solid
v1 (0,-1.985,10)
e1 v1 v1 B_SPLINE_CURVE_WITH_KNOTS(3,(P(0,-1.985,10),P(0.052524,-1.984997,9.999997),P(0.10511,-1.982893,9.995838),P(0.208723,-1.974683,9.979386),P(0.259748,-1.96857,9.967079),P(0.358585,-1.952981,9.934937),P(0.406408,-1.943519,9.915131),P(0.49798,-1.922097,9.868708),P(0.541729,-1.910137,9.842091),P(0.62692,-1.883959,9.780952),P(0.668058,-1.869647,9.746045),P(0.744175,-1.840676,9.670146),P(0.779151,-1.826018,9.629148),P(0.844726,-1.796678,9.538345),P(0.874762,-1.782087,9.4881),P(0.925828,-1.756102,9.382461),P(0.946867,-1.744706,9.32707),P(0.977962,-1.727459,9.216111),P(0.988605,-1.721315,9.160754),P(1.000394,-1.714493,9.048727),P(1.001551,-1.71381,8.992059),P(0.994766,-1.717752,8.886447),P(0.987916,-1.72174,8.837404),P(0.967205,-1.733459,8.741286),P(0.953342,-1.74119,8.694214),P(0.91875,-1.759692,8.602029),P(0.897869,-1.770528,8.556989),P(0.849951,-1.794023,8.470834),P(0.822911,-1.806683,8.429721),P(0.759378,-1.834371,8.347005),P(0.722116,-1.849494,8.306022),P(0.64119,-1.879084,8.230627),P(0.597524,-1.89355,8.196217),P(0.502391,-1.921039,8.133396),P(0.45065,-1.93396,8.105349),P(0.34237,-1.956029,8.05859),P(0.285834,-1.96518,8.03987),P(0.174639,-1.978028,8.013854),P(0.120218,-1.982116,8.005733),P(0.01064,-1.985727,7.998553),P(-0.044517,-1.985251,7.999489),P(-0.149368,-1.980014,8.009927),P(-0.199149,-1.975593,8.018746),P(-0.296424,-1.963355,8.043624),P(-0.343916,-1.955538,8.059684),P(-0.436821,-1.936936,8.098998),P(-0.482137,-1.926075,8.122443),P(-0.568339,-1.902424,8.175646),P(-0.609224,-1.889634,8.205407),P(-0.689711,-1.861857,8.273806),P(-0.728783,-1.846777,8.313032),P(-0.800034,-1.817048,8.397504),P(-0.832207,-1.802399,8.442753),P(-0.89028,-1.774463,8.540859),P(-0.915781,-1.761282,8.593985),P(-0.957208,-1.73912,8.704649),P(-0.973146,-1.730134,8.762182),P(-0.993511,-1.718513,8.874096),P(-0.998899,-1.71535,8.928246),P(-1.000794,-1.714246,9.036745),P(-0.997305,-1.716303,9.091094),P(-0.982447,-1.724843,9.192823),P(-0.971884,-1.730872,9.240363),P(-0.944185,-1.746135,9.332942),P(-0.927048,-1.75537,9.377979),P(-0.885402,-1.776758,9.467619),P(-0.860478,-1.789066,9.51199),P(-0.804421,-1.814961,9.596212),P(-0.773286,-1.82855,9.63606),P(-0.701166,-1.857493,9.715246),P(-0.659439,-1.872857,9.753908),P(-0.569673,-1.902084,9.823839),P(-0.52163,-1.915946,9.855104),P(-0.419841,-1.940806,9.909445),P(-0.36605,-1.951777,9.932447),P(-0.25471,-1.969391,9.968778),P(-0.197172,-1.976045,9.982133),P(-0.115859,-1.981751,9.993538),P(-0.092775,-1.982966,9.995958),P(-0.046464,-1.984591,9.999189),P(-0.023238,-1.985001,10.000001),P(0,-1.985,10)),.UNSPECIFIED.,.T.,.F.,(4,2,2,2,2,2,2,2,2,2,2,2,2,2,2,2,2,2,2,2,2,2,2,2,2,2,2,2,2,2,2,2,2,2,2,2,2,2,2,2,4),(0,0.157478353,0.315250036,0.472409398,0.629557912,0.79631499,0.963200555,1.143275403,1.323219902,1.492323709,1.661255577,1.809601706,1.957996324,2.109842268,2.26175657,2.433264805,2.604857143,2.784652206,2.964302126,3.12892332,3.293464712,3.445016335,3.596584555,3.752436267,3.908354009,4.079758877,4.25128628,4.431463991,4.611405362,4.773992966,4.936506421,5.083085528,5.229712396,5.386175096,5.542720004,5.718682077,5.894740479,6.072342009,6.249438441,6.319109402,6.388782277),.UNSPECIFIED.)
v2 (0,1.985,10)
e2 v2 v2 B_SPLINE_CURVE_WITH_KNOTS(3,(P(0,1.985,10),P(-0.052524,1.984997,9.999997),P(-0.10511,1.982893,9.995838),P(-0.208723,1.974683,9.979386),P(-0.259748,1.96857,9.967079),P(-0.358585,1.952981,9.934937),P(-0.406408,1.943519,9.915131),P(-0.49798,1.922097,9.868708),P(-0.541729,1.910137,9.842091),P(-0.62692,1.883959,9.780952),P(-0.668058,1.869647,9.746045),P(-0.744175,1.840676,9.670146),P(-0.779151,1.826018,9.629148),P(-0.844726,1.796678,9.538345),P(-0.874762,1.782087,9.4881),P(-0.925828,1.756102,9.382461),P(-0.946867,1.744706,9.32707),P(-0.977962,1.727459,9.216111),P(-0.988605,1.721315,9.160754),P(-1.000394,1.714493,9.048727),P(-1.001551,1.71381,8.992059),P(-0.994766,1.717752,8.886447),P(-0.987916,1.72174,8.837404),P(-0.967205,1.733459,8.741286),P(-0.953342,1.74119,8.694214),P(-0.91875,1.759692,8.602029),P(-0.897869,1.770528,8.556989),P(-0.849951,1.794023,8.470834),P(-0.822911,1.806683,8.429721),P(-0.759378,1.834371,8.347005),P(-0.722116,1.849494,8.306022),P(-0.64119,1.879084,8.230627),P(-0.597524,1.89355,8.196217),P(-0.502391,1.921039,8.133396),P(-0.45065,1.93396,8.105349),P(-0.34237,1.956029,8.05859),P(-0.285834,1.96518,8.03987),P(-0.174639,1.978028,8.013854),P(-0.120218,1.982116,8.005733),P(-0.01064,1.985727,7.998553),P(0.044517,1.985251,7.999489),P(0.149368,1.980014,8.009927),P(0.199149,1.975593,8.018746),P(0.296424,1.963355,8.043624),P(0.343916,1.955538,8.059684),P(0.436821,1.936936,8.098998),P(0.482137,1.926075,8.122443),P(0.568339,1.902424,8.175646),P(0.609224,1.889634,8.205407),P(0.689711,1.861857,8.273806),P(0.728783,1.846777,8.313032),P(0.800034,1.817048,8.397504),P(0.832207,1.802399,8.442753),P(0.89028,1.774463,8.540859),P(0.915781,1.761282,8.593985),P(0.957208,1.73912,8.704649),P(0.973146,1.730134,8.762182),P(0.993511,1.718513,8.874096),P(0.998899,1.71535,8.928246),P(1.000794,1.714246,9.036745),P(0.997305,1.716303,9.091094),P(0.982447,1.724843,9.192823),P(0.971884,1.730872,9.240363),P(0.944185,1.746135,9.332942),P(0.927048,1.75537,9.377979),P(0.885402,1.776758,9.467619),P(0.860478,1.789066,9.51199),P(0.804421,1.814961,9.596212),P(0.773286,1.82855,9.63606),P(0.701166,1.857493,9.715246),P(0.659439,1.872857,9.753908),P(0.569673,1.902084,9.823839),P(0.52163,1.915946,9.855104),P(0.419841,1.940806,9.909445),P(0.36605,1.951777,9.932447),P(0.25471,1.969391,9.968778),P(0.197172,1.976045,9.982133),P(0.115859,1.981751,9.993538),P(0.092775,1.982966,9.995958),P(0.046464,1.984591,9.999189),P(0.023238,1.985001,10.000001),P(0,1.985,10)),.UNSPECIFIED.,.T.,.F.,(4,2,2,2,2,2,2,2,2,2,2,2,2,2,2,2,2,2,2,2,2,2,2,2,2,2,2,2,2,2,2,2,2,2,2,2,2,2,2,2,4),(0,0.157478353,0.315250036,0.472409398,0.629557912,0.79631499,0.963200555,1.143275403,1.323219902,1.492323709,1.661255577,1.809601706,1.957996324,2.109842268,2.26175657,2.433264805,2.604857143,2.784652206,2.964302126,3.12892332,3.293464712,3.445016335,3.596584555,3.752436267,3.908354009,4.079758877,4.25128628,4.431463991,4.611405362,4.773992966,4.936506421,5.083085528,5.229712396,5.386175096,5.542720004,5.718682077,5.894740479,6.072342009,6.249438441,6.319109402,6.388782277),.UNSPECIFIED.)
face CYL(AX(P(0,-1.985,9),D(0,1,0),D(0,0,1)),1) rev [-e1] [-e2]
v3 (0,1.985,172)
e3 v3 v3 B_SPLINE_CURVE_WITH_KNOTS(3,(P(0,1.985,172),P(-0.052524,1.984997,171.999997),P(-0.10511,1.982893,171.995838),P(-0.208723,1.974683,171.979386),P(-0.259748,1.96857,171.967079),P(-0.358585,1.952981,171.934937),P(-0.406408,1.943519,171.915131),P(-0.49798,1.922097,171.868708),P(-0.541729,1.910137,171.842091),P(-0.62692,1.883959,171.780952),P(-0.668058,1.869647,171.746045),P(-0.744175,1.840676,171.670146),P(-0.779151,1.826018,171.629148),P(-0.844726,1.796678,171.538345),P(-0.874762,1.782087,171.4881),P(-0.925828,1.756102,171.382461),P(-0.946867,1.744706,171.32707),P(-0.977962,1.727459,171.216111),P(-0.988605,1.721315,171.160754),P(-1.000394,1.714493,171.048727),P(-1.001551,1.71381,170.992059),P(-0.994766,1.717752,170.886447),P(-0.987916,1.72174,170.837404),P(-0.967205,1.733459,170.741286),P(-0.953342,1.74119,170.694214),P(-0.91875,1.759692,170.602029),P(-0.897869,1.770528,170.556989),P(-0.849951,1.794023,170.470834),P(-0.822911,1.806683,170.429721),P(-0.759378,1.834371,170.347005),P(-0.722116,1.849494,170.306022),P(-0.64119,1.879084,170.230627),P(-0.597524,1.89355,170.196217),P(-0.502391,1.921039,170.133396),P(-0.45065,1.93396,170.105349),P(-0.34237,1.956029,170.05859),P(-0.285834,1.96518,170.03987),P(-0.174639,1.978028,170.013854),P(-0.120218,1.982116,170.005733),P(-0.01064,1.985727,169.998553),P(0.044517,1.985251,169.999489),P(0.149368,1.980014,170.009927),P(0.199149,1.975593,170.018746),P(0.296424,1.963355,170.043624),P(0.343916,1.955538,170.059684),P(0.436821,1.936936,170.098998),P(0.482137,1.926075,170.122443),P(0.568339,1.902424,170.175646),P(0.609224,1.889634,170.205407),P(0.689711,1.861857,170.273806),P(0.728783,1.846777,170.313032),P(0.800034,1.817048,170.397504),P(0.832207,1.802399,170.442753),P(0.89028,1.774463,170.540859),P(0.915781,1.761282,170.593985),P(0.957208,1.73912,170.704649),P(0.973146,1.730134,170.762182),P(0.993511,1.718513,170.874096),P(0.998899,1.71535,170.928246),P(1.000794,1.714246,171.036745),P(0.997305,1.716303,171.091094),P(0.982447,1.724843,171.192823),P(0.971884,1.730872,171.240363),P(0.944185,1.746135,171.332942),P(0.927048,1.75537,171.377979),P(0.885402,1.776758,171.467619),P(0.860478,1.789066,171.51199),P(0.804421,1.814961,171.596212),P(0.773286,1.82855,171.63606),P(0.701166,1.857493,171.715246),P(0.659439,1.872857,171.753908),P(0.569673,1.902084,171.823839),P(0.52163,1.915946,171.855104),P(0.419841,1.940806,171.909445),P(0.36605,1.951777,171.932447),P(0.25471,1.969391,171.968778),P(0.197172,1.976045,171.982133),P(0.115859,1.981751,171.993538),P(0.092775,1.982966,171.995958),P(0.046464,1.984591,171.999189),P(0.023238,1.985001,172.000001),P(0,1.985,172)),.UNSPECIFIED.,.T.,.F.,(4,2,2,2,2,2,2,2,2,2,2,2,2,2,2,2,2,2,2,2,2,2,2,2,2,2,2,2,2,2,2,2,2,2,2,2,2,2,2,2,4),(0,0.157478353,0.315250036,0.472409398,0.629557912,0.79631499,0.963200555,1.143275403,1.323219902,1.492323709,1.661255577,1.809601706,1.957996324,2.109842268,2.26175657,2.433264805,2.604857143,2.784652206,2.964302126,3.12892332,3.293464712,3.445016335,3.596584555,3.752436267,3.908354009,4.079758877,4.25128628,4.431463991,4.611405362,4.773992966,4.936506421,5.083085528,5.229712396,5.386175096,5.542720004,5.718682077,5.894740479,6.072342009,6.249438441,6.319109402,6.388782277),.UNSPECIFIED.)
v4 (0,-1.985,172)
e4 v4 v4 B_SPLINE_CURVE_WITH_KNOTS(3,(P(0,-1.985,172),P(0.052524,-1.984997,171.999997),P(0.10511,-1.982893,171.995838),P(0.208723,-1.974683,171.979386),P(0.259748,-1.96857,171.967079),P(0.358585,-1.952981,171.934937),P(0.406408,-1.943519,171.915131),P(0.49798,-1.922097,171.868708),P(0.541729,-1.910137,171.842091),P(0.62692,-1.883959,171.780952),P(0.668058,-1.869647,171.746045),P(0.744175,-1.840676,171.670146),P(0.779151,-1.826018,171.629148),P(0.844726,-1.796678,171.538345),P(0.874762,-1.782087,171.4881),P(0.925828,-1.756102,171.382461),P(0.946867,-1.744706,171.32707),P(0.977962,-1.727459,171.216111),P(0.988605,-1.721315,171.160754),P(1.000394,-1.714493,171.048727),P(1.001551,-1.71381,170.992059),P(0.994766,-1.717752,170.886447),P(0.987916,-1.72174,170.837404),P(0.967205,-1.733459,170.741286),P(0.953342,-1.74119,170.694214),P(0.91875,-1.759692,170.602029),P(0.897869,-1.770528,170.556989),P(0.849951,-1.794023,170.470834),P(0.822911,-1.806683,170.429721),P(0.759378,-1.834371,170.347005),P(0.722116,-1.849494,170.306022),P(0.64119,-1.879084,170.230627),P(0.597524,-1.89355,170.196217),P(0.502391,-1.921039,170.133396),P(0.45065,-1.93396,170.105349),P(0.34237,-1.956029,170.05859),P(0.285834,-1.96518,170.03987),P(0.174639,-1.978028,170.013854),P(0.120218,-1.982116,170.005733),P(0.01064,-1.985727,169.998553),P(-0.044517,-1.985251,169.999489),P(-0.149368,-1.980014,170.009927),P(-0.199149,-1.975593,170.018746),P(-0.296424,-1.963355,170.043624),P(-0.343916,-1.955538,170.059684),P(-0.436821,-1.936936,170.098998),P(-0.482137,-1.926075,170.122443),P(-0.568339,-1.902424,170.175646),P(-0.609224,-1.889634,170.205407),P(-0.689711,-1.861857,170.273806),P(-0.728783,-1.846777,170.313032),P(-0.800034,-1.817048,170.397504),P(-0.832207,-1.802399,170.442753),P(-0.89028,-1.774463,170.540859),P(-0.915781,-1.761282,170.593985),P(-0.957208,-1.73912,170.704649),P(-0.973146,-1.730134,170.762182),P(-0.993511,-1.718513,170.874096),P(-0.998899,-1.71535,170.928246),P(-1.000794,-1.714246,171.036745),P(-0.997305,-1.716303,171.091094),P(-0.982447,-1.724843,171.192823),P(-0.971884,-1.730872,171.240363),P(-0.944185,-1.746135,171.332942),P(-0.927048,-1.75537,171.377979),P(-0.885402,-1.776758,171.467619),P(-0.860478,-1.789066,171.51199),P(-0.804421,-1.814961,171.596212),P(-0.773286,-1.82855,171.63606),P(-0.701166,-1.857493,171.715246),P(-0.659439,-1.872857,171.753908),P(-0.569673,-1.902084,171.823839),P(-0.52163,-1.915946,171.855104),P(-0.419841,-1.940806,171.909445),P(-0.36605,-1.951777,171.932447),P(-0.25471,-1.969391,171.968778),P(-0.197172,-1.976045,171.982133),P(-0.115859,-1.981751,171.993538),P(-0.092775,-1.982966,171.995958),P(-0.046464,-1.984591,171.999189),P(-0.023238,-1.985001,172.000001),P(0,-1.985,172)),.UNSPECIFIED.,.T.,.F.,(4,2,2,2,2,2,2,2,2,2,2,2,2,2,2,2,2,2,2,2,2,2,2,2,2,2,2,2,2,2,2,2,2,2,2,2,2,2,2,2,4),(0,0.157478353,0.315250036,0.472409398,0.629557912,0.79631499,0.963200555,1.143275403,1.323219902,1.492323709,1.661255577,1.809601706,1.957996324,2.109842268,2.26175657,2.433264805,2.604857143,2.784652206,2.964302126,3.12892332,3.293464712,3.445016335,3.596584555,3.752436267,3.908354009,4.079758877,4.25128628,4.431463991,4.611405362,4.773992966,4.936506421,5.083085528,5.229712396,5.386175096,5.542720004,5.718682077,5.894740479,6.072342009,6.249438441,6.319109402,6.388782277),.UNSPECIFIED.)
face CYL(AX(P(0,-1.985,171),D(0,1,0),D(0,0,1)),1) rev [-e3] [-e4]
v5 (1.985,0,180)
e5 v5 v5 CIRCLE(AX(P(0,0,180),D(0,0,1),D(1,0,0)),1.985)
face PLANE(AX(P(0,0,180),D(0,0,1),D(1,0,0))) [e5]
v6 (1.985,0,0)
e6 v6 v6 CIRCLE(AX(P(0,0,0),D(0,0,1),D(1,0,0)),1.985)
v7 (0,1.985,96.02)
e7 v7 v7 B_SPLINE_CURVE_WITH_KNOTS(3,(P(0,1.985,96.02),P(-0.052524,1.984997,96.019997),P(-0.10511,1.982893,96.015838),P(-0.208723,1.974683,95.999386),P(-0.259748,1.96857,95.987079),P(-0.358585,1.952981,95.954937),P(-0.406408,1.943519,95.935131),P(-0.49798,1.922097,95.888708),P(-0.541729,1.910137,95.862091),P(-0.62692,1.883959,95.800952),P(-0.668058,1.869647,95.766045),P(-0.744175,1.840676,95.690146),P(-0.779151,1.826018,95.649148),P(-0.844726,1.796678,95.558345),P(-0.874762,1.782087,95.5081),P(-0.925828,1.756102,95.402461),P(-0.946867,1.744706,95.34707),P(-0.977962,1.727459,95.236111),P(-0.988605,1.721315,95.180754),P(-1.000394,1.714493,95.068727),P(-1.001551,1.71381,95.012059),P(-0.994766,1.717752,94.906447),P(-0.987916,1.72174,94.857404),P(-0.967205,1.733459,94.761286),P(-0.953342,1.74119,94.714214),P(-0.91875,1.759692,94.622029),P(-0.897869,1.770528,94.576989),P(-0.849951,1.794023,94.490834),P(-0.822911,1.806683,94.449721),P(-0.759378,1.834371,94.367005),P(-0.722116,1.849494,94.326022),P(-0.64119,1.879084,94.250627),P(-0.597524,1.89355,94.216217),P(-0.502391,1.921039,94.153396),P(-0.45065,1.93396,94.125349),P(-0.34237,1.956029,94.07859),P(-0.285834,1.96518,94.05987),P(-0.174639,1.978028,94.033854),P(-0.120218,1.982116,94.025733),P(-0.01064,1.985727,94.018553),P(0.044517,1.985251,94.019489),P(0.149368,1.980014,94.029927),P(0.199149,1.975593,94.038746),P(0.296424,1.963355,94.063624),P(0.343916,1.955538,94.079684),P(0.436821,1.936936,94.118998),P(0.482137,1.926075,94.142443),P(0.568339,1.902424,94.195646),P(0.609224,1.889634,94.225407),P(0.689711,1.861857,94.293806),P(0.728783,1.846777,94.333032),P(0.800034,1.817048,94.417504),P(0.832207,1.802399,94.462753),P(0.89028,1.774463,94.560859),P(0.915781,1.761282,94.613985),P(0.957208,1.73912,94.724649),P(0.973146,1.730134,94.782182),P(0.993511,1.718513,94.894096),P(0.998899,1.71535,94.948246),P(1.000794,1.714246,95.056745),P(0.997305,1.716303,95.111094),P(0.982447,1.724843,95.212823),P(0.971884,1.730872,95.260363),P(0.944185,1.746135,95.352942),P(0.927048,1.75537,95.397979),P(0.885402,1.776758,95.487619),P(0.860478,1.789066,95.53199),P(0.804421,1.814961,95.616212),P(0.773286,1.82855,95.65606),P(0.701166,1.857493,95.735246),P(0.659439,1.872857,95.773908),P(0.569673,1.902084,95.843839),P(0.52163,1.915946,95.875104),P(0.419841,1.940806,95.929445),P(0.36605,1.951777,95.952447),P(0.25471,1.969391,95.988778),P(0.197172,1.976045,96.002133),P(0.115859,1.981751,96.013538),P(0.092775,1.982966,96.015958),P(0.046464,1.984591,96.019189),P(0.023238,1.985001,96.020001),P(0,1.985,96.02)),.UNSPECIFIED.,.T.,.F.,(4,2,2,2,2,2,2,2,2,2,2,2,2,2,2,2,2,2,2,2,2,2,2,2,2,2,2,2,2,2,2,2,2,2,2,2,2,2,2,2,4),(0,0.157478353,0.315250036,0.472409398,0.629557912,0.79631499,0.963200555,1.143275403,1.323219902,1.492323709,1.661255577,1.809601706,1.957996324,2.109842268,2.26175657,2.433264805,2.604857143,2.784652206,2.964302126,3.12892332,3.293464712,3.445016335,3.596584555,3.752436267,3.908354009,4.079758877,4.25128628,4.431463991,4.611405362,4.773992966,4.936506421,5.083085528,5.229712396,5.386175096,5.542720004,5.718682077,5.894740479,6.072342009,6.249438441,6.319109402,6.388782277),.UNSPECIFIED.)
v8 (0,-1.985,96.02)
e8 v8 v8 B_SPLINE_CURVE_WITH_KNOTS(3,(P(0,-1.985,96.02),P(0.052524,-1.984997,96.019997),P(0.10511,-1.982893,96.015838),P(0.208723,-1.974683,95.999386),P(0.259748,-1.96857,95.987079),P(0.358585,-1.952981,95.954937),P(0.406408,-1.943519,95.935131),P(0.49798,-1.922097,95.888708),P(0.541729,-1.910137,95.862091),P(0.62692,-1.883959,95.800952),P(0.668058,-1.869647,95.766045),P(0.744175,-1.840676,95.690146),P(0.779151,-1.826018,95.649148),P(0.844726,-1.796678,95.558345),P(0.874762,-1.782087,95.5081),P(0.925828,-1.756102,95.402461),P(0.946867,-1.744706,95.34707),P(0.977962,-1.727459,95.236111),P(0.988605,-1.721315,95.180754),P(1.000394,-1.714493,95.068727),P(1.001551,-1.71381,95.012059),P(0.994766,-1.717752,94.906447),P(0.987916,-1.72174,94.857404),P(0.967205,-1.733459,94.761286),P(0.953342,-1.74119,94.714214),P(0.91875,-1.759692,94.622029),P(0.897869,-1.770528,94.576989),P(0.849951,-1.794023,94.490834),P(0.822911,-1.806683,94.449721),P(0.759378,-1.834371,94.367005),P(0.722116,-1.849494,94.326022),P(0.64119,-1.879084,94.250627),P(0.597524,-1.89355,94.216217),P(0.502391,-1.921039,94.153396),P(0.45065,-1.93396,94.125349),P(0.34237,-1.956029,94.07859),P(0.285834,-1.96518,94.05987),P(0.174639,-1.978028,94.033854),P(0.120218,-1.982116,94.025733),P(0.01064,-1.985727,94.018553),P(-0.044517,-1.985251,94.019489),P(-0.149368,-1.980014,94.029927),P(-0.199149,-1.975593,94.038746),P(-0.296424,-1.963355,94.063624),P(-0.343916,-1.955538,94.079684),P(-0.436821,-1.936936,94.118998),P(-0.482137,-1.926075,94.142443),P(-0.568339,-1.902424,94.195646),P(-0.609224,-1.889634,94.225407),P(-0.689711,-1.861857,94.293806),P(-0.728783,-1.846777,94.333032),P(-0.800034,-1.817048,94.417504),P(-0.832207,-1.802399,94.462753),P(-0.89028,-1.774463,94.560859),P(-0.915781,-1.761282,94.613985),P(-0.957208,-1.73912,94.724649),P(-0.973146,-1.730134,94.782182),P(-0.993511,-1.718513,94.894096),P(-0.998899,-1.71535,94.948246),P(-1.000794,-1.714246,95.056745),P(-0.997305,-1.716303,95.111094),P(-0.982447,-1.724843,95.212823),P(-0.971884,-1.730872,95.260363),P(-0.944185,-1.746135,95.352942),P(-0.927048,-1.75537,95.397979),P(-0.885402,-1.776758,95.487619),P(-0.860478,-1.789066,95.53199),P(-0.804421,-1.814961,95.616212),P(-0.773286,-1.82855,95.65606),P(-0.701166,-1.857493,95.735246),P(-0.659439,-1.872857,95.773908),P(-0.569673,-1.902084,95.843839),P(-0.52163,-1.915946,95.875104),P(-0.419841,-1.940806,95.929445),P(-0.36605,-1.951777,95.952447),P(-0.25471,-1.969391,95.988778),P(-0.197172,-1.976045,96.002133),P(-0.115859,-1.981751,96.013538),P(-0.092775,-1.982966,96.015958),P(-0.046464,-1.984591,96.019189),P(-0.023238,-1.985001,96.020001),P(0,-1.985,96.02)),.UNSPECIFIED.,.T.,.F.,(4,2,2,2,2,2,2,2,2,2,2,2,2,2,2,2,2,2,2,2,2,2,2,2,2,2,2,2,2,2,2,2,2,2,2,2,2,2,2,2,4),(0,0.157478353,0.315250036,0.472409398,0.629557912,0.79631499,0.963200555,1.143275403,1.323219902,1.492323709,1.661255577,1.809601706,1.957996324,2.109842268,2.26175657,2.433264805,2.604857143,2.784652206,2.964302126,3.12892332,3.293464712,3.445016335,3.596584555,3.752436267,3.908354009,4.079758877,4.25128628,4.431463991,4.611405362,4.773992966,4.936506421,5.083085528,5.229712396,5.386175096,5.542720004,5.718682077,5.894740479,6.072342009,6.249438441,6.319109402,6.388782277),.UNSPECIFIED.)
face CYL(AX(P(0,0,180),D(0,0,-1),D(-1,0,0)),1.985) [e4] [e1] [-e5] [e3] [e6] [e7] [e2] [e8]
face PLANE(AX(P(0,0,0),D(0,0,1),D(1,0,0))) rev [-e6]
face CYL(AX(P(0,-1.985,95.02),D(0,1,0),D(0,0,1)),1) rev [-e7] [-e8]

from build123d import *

# Parameters (mm, degrees)
SKETCH2_R               = 1.985
BOSS_EXTRUDE1_DEPTH     = 180
CUT_EXTRUDE1_DEPTH      = 181.021888808
CUT_EXTRUDE1_DEPTH_BACK = 181.021888808
SKETCH4_R               = 1


with BuildPart() as part:
    # Sketch2 → Boss-Extrude1 (new body)
    with BuildSketch(Plane.XY):
        with Locations(Location((0, 0, 0), (0, 0, 180))):
            Circle(SKETCH2_R)
    extrude(amount=BOSS_EXTRUDE1_DEPTH)

    # Sketch4 → Cut-Extrude1 (cut, two sides: drawn at the far end of the back side and taken through both)
    with BuildSketch(Plane(origin=(0, 0, 0), x_dir=(1, 0, 0), z_dir=(0, 1, 0)).offset(-CUT_EXTRUDE1_DEPTH_BACK)):
        with Locations(Location((0, -171, 0), (0, 0, 270))):
            Circle(SKETCH4_R)
        with Locations(Location((0, -9, 0), (0, 0, 270))):
            Circle(SKETCH4_R)
        with Locations(Location((0, -95.02, 0), (0, 0, 270))):
            Circle(SKETCH4_R)
    extrude(amount=CUT_EXTRUDE1_DEPTH + CUT_EXTRUDE1_DEPTH_BACK, mode=Mode.SUBTRACT)


solid = part.part
